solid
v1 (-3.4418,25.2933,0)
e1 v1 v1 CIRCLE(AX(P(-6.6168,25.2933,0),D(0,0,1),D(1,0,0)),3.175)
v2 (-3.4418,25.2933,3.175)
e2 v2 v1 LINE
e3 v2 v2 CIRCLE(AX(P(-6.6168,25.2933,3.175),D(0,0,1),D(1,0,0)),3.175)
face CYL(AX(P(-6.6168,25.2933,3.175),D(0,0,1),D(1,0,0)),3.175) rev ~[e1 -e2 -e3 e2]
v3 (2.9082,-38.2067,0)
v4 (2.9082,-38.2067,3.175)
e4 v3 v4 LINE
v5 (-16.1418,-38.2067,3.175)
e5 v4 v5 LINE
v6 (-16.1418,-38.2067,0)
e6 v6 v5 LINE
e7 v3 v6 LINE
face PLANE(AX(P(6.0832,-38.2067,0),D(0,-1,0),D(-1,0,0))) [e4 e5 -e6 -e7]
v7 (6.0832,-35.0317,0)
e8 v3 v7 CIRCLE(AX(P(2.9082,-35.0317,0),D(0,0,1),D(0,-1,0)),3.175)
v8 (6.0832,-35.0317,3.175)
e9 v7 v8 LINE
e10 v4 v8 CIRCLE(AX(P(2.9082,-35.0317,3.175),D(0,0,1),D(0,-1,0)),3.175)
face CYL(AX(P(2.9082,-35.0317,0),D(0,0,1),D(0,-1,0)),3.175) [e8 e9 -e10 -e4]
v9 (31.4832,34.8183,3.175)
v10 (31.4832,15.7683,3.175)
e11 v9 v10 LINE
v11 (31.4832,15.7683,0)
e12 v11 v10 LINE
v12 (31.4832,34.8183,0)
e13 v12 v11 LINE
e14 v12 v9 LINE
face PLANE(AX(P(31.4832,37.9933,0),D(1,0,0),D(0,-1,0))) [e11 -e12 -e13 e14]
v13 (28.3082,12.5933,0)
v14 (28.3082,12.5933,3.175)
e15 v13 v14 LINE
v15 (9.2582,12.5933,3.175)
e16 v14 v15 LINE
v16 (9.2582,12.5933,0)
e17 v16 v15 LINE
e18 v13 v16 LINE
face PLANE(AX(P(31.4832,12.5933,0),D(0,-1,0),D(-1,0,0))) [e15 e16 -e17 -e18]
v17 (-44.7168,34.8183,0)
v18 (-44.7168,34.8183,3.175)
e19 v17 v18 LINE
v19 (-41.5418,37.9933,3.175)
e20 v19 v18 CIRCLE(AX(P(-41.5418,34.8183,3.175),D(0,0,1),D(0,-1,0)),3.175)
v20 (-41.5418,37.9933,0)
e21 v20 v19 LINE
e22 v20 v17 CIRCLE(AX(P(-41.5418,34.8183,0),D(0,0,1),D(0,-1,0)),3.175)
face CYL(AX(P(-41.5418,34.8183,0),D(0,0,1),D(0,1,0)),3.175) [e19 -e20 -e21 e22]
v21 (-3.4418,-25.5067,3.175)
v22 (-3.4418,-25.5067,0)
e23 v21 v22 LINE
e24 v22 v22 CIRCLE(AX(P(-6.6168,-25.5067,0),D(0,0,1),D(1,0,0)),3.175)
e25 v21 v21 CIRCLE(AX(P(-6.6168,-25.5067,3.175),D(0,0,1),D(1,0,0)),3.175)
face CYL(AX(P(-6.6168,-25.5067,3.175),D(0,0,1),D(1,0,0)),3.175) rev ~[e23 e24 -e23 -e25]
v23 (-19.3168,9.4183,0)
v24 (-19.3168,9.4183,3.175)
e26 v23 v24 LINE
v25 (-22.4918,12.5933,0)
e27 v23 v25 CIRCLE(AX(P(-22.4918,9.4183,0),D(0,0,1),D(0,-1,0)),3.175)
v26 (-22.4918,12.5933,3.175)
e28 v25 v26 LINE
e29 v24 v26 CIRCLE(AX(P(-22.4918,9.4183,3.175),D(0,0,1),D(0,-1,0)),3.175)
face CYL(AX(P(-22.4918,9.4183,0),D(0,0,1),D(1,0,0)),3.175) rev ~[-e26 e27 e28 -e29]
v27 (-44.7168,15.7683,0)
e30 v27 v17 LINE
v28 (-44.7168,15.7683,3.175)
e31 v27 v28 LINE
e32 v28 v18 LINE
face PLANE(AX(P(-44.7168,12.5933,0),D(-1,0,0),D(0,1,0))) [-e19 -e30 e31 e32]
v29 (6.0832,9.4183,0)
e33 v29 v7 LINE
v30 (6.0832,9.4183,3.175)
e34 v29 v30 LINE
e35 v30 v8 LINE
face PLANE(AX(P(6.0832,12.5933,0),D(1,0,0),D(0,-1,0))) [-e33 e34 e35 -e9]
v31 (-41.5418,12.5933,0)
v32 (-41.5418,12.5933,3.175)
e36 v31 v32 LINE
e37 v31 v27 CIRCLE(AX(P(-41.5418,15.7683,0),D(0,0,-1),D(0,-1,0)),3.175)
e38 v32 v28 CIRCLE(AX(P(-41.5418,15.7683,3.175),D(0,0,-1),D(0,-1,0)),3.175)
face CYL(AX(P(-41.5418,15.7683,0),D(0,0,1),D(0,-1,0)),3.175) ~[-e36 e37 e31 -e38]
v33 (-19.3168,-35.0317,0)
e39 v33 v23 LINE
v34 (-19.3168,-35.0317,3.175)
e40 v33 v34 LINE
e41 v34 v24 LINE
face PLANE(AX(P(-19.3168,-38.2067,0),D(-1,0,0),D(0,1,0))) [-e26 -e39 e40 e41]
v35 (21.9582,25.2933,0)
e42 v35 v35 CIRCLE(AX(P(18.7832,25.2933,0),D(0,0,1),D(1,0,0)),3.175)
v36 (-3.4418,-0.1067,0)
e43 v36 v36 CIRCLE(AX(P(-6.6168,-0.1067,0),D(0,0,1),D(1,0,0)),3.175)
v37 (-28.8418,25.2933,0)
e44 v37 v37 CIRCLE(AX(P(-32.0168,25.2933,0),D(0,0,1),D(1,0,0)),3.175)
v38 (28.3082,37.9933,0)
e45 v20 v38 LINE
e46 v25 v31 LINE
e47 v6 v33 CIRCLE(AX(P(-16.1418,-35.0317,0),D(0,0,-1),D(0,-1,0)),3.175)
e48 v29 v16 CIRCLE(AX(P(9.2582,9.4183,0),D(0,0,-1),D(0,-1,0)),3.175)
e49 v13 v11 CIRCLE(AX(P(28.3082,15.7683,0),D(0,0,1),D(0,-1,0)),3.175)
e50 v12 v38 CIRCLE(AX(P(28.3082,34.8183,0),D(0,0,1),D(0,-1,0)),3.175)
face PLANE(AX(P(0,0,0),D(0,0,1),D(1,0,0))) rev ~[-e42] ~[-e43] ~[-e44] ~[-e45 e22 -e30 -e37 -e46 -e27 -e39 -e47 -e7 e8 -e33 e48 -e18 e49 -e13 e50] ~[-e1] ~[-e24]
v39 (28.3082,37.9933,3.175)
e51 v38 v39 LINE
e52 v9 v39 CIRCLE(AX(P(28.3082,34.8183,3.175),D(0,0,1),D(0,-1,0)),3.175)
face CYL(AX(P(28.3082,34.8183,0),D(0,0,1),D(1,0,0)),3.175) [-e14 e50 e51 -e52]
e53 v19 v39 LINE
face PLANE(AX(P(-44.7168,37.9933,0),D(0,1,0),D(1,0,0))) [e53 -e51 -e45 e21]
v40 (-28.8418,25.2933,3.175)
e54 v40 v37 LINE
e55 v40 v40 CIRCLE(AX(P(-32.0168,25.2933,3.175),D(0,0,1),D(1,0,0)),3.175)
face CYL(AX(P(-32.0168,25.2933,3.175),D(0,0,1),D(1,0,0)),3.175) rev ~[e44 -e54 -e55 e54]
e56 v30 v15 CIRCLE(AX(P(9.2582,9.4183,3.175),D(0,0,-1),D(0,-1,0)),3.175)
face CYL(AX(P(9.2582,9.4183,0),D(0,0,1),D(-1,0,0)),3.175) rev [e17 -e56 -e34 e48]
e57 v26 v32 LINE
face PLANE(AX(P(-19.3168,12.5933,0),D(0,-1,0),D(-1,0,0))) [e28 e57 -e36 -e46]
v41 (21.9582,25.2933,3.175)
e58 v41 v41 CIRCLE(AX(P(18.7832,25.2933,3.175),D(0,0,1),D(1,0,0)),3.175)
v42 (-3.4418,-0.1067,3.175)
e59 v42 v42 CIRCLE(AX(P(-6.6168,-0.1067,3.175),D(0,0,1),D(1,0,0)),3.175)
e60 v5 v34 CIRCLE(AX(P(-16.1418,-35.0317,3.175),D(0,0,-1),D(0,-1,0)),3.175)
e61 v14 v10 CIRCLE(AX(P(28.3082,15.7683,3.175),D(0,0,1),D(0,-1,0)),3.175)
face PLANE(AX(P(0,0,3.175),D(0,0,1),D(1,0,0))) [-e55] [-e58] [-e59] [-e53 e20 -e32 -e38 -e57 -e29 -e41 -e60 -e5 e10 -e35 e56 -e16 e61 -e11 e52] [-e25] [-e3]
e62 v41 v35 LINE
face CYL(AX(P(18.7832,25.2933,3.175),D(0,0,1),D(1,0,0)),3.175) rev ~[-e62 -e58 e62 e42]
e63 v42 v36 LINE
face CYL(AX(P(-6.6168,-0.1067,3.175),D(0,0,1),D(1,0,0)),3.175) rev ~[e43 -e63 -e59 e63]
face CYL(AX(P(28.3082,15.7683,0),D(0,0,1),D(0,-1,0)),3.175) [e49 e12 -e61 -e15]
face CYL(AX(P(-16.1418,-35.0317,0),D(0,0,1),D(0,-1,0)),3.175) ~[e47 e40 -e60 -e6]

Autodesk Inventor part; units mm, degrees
ref_plane "YZ Plane" through (0, 0, 0) normal (1, 0, 0) x (0, 1, 0)
ref_plane "XZ Plane" through (0, 0, 0) normal (0, 1, 0) x (-1, 0, 0)
ref_plane "XY Plane" through (0, 0, 0) normal (0, 0, 1) x (1, 0, 0)
sketch "Sketch1" plane through (0, 0, 0) normal (0, 0, 1) x (1, 0, 0)
  line L0 (-18.0361, 37.9933) -> (2.0277, 37.9933)
  line L1 (6.0832, 12.5933) -> (6.0832, -38.2067)
  line L2 (6.0832, -38.2067) -> (-19.3168, -38.2067)
  line L3 (-19.3168, -38.2067) -> (-19.3168, 12.5933)
  line L4 (-44.7168, 37.9933) -> (31.4832, 37.9933)
  line L5 (31.4832, 37.9933) -> (31.4832, 12.5933)
  line L6 (-44.7168, 12.5933) -> (-44.7168, 37.9933)
  line L7 (31.4832, 12.5933) -> (6.0832, 12.5933)
  line L8 (-19.3168, 12.5933) -> (-44.7168, 12.5933)
  point P0 (0, 0)
  dimension "d0" = 76.2
  dimension "d1" = 25.4
  dimension "d2" = 25.4
  dimension "d3" = 25.4
  dimension "d4" = 50.8
  dimension "d5" = 25.4
extrude "Extrusion1" add sketch "Sketch1" along normal blind 3.175
fillet "Fillet1" radius 3.175 3 edges at (-44.7168, 12.5933, 1.5875) (-19.3168, 12.5933, 1.5875) (-19.3168, -38.2067, 1.5875)
fillet "Fillet2" radius 3.175 1 edges at (6.0832, -38.2067, 1.5875)
fillet "Fillet3" radius 3.175 3 edges at (6.0832, 12.5933, 1.5875) (31.4832, 12.5933, 1.5875) (31.4832, 37.9933, 1.5875)
fillet "Fillet4" radius 3.175 1 edges at (-44.7168, 37.9933, 1.5875)
sketch "Sketch2" plane through (0, 0, 3.175) normal (0, 0, 1) x (1, 0, 0)
  line L0 (31.4832, 15.7683) -> (31.4832, 34.8183) projected
  line L1 (31.4832, 25.2933) -> (-44.7168, 25.2933) construction
  line L2 (-44.7168, 34.8183) -> (-44.7168, 15.7683) projected
  line L3 (28.3082, 37.9933) -> (-41.5418, 37.9933) projected
  line L4 (-6.6168, 37.9933) -> (-6.6168, -38.2067) construction
  line L5 (-16.1418, -38.2067) -> (2.9082, -38.2067) projected
  circle A0 centre (18.7832, 25.2933) radius 3.175
  circle A1 centre (-6.6168, 25.2933) radius 3.175
  circle A2 centre (-32.0168, 25.2933) radius 3.175
  circle A3 centre (-6.6168, -0.1067) radius 3.175
  circle A4 centre (-6.6168, -25.5067) radius 3.175
  point P0 (0, 0)
  dimension "d12" = 6.35
  dimension "d13" = 12.7
  dimension "d16" = 25.4
  dimension "d23" = 25.4
extrude "Extrusion2" cut sketch "Sketch2" against normal through all
properties part number "Frame T Gussets"
